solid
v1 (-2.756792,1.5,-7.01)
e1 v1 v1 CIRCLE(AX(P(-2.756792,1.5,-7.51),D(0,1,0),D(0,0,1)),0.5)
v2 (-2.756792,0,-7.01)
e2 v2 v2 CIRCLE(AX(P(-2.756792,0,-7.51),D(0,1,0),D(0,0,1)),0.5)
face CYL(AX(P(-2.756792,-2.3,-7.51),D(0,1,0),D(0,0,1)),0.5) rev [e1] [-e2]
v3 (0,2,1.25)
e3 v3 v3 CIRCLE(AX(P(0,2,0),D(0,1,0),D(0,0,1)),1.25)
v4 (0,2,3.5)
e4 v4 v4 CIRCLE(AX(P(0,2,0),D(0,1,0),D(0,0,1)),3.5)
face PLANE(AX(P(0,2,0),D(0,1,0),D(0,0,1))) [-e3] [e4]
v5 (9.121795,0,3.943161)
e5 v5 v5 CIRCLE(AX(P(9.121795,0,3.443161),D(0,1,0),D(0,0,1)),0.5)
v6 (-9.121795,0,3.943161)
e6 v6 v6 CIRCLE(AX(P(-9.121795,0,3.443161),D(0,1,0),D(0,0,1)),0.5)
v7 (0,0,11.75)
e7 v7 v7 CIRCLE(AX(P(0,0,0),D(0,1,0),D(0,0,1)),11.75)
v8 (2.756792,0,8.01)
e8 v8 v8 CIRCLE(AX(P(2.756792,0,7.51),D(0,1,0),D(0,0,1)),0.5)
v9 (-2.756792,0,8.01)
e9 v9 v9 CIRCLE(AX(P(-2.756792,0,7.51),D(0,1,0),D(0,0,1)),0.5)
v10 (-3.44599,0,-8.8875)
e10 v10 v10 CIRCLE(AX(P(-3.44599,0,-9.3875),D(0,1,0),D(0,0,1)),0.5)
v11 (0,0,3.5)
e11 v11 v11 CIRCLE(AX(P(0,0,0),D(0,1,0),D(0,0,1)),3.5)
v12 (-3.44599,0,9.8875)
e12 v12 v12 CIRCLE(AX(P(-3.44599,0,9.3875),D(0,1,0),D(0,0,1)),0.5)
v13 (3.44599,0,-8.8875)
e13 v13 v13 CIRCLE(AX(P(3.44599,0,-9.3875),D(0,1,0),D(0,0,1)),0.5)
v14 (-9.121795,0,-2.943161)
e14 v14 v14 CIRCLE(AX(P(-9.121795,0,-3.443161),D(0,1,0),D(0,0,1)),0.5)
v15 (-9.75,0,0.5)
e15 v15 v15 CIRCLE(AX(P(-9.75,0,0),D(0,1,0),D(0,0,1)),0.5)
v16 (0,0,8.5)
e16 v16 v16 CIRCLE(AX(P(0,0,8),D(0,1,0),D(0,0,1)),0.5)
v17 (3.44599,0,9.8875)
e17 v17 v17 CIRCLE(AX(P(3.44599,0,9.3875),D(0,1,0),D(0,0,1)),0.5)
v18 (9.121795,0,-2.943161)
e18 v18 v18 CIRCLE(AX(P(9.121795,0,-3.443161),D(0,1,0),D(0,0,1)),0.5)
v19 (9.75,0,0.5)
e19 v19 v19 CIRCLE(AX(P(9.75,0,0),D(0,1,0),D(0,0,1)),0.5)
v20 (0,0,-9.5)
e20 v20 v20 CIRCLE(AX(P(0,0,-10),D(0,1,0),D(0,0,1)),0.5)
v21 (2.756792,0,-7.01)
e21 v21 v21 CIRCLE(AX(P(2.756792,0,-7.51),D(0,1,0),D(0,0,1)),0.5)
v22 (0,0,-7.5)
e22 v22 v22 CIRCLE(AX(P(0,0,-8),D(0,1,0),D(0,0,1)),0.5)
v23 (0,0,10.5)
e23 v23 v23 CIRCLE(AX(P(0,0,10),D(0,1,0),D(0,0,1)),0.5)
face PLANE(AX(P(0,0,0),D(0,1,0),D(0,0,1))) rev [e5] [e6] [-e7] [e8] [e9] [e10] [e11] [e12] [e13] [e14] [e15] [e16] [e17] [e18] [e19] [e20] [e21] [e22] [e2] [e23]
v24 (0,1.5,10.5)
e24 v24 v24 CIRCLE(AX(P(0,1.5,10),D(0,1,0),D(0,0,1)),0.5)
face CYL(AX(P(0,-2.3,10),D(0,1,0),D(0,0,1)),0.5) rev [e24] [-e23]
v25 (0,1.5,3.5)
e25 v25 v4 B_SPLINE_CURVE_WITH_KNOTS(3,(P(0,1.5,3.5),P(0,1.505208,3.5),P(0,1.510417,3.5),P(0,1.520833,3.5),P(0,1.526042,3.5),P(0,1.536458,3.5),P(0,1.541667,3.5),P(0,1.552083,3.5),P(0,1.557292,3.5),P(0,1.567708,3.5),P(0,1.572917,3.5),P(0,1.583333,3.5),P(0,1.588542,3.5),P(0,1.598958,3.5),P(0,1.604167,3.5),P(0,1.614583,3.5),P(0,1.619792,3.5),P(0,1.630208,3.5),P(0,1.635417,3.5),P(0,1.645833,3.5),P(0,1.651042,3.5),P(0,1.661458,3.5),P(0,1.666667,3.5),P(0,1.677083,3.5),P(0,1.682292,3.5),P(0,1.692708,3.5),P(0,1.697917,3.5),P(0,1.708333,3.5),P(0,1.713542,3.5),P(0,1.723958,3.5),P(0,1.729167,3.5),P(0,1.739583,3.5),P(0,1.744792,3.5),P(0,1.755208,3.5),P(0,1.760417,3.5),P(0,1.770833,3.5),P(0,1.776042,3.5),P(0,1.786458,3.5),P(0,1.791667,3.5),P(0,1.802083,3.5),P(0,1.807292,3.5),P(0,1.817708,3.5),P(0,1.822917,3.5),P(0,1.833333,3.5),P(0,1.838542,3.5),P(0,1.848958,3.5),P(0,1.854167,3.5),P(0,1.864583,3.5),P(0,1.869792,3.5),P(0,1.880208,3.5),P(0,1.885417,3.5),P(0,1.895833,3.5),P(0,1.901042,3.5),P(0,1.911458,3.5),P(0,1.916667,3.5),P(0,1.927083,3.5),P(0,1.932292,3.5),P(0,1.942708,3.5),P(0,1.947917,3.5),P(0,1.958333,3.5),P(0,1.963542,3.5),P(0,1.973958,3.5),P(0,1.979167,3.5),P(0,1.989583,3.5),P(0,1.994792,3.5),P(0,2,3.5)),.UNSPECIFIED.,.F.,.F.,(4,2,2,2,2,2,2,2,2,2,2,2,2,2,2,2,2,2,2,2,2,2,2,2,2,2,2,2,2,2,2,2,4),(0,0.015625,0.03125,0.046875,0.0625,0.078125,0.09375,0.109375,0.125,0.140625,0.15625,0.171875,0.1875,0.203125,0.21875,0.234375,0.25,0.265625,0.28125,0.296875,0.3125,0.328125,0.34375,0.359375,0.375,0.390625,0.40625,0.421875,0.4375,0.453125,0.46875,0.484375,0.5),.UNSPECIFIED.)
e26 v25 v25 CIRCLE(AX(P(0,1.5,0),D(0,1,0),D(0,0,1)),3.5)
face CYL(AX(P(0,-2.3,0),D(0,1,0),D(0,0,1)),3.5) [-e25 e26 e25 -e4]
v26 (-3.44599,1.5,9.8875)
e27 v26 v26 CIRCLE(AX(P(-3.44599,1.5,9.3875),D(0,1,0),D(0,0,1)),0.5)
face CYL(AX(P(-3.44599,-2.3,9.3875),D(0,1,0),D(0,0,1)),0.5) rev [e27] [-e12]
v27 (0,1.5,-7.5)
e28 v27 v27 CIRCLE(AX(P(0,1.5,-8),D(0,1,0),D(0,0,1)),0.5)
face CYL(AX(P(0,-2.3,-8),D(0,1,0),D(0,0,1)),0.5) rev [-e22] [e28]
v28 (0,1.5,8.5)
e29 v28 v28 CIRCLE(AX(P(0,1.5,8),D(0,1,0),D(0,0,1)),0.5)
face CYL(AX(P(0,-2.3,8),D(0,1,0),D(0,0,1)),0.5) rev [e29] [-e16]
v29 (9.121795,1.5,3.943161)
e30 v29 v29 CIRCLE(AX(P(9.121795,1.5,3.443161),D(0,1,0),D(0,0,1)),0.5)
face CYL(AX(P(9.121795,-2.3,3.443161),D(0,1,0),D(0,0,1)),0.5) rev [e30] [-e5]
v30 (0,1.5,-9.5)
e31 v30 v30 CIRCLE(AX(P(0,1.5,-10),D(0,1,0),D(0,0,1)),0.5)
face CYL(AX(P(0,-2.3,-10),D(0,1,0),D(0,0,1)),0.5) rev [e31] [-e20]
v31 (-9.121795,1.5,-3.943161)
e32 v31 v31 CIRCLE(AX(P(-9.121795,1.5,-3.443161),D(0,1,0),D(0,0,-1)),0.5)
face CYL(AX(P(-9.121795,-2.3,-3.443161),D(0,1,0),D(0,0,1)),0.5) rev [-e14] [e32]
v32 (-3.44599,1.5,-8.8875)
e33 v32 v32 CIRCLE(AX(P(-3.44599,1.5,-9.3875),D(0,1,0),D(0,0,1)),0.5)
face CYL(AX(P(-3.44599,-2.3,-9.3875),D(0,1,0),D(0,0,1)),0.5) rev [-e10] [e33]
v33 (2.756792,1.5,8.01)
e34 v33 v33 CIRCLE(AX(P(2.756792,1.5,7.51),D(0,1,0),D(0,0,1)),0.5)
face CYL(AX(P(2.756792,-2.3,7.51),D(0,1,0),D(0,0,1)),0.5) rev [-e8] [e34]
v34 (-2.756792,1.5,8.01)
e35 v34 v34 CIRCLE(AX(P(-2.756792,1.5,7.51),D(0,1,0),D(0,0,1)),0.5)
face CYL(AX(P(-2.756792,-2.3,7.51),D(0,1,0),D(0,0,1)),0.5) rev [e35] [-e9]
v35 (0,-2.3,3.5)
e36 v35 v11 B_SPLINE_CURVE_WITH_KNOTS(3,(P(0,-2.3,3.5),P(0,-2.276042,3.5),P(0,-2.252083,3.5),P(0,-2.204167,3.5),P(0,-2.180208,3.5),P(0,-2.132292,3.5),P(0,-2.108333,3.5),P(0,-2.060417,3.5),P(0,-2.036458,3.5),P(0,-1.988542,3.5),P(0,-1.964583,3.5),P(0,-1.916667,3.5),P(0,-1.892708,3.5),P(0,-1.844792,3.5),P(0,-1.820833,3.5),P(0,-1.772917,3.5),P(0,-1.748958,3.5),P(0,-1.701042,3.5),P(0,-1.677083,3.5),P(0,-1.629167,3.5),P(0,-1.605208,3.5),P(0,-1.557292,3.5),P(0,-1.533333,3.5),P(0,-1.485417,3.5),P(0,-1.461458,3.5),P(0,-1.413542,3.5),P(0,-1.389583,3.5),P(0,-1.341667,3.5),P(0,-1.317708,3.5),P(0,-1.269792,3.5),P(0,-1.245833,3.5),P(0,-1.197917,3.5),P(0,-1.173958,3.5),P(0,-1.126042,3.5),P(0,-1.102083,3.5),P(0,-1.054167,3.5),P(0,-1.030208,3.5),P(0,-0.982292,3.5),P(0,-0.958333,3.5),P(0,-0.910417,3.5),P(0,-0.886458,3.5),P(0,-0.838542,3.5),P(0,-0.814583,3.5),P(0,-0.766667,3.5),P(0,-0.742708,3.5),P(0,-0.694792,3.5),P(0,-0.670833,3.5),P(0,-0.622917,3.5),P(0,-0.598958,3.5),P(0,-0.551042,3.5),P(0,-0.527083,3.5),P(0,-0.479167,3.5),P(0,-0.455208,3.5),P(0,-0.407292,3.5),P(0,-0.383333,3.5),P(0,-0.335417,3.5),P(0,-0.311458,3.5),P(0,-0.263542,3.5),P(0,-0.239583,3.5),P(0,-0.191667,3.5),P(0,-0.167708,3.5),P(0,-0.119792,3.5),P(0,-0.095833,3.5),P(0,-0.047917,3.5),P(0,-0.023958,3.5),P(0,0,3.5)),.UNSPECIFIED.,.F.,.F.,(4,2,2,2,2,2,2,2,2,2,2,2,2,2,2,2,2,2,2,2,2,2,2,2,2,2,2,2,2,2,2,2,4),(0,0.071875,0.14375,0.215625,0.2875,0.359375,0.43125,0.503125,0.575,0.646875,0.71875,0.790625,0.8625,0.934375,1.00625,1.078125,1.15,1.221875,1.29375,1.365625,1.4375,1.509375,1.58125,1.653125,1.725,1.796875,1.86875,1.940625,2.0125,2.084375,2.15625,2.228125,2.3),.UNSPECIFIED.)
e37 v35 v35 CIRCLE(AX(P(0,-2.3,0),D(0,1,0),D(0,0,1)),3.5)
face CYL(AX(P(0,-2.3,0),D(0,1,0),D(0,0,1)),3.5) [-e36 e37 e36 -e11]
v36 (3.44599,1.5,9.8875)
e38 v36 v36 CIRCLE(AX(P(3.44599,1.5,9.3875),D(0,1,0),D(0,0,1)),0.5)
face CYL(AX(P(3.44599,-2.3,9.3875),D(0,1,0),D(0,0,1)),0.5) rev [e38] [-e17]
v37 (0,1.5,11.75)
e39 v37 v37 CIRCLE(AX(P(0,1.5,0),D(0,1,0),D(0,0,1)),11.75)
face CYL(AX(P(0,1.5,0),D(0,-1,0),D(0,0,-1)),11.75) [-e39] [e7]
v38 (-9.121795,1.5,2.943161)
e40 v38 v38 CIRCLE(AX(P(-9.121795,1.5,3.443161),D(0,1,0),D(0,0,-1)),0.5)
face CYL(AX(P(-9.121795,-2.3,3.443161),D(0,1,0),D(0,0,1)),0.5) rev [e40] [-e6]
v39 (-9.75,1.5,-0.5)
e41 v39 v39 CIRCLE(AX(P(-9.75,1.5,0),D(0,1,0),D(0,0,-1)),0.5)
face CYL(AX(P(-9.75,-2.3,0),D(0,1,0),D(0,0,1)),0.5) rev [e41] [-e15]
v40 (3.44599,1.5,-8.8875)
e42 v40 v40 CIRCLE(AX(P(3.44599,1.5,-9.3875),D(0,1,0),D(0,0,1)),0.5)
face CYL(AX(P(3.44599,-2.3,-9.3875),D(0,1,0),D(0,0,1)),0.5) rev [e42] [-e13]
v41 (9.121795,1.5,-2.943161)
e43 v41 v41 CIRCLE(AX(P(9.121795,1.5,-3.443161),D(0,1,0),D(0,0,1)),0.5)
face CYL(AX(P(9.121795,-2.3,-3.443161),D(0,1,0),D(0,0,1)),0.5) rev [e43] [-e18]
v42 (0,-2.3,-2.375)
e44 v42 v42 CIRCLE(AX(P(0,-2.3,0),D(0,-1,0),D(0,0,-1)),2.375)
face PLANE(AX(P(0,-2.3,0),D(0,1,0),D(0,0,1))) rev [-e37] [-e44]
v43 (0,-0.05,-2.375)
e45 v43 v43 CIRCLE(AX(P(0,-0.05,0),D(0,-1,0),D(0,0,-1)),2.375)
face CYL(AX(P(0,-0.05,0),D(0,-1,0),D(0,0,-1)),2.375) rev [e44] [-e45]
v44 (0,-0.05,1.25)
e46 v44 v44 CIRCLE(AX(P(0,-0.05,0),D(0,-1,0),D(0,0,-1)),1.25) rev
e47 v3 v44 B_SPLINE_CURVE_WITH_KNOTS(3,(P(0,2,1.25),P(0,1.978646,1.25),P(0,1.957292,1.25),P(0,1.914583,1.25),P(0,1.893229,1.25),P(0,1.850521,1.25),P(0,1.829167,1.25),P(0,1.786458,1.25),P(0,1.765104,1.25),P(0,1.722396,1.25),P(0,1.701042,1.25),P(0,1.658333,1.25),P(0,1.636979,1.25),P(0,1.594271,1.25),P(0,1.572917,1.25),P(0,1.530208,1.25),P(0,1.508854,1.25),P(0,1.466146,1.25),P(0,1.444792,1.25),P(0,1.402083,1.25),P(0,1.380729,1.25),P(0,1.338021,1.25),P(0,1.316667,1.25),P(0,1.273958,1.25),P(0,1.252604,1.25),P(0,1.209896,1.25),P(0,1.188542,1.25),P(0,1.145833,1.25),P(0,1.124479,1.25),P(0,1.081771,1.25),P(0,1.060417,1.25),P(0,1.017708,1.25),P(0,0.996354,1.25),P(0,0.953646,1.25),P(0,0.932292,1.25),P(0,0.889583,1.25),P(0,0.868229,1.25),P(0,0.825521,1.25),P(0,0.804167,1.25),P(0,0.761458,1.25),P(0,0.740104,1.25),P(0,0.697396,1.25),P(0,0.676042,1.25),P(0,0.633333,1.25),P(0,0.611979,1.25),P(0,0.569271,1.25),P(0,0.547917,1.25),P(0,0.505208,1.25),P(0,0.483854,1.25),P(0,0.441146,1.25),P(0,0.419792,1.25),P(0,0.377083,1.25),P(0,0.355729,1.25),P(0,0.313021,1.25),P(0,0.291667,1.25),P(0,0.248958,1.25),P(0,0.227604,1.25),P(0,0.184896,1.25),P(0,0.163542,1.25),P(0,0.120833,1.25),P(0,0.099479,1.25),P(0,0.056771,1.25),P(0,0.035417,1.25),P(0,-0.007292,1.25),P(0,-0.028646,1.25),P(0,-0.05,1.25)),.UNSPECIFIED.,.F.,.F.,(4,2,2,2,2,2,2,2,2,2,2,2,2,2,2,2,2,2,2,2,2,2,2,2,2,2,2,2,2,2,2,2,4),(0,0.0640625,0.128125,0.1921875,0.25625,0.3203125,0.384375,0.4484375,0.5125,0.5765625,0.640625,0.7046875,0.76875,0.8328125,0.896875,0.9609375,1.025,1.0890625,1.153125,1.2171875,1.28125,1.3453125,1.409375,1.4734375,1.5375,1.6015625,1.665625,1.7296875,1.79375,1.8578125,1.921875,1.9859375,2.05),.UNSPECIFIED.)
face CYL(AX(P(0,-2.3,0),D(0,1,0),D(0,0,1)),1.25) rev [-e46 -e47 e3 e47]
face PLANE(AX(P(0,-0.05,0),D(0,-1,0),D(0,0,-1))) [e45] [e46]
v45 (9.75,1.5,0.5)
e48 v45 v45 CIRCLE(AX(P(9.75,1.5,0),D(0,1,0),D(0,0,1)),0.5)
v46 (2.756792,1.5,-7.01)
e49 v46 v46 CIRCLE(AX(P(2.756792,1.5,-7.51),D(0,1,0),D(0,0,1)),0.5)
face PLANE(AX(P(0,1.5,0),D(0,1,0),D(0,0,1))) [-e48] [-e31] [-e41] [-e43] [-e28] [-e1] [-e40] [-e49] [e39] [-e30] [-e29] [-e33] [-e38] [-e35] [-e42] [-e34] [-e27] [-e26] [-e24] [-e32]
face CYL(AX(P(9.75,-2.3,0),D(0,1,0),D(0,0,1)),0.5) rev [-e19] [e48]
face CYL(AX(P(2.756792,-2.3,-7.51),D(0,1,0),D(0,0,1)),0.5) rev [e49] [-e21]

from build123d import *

# Parameters (mm, degrees)
SKETCH1_R               = 11.75
BOSS_EXTRUDE1_DEPTH     = 1.5
BOSS_EXTRUDE2_START     = 0.5
SKETCH2_R               = 3.5
BOSS_EXTRUDE2_DEPTH     = 4.3
CUT_EXTRUDE1_DEPTH      = 18.164352595
CUT_EXTRUDE1_DEPTH_BACK = 18.164352595
SKETCH3_R               = 1.25
SKETCH4_R               = 0.5
CUT_EXTRUDE2_DEPTH      = 18.045967265
SKETCH5_R               = 0.5
CUT_EXTRUDE3_DEPTH      = 17.77542846
CIRPATTERN1_COUNT       = 2
SKETCH6_R               = 2.375
CUT_EXTRUDE4_DEPTH      = 2.25


with BuildPart() as part:
    # Sketch1 → Boss-Extrude1 (new body)
    with BuildSketch(Plane(origin=(0, 0, 0), x_dir=(1, 0, 0), z_dir=(0, 1, 0))):
        Circle(SKETCH1_R)
    extrude(amount=BOSS_EXTRUDE1_DEPTH)

    # Sketch2 → Boss-Extrude2 (add)
    with BuildSketch(Plane(origin=(0, 1.5, 0), x_dir=(1, 0, 0), z_dir=(0, 1, 0)).offset(BOSS_EXTRUDE2_START)):
        Circle(SKETCH2_R)
    extrude(amount=-BOSS_EXTRUDE2_DEPTH)

    # Sketch3 → Cut-Extrude1 (cut, two sides: drawn at the far end of the back side and taken through both)
    with BuildSketch(Plane(origin=(0, 2, 0), x_dir=(1, 0, 0), z_dir=(0, 1, 0)).offset(-CUT_EXTRUDE1_DEPTH_BACK)):
        Circle(SKETCH3_R)
    extrude(amount=CUT_EXTRUDE1_DEPTH + CUT_EXTRUDE1_DEPTH_BACK, mode=Mode.SUBTRACT)

    # Sketch4 → Cut-Extrude2 (cut, through all)
    with BuildSketch(Plane(origin=(0, 1.5, 0), x_dir=(1, 0, 0), z_dir=(0, 1, 0))):
        with Locations((9.75, 0)):
            Circle(SKETCH4_R)
        with Locations((9.121794872, 3.443161094)):
            Circle(SKETCH4_R)
        with Locations((9.121794872, -3.443161094)):
            Circle(SKETCH4_R)
    cut_extrude2 = extrude(amount=-CUT_EXTRUDE2_DEPTH, mode=Mode.SUBTRACT)

    # Sketch5 → Cut-Extrude3 (cut, symmetric)
    with BuildSketch(Plane(origin=(0, 0, 0), x_dir=(1, 0, 0), z_dir=(0, 1, 0))):
        with Locations((0, 8)):
            Circle(SKETCH5_R)
        with Locations((0, 10)):
            Circle(SKETCH5_R)
        with Locations((3.445989517, 9.3875)):
            Circle(SKETCH5_R)
        with Locations((2.756791613, 7.51)):
            Circle(SKETCH5_R)
        with Locations((-2.756791613, 7.51)):
            Circle(SKETCH5_R)
        with Locations((-3.445989517, 9.3875)):
            Circle(SKETCH5_R)
    cut_extrude3 = extrude(amount=CUT_EXTRUDE3_DEPTH, both=True, mode=Mode.SUBTRACT)

    # CirPattern1: Cut-Extrude2, Cut-Extrude3 ×2 about axis
    cirpattern1_axis = Axis((0, 2.215, 0), (0, -1, 0))
    add([cut_extrude2.rotate(cirpattern1_axis, i * 360 / CIRPATTERN1_COUNT) for i in range(1, CIRPATTERN1_COUNT)], mode=Mode.SUBTRACT)
    add([cut_extrude3.rotate(cirpattern1_axis, i * 360 / CIRPATTERN1_COUNT) for i in range(1, CIRPATTERN1_COUNT)], mode=Mode.SUBTRACT)

    # Sketch6 → Cut-Extrude4 (cut)
    with BuildSketch(Plane.XZ.offset(2.3)):
        Circle(SKETCH6_R)
    extrude(amount=-CUT_EXTRUDE4_DEPTH, mode=Mode.SUBTRACT)


solid = part.part
